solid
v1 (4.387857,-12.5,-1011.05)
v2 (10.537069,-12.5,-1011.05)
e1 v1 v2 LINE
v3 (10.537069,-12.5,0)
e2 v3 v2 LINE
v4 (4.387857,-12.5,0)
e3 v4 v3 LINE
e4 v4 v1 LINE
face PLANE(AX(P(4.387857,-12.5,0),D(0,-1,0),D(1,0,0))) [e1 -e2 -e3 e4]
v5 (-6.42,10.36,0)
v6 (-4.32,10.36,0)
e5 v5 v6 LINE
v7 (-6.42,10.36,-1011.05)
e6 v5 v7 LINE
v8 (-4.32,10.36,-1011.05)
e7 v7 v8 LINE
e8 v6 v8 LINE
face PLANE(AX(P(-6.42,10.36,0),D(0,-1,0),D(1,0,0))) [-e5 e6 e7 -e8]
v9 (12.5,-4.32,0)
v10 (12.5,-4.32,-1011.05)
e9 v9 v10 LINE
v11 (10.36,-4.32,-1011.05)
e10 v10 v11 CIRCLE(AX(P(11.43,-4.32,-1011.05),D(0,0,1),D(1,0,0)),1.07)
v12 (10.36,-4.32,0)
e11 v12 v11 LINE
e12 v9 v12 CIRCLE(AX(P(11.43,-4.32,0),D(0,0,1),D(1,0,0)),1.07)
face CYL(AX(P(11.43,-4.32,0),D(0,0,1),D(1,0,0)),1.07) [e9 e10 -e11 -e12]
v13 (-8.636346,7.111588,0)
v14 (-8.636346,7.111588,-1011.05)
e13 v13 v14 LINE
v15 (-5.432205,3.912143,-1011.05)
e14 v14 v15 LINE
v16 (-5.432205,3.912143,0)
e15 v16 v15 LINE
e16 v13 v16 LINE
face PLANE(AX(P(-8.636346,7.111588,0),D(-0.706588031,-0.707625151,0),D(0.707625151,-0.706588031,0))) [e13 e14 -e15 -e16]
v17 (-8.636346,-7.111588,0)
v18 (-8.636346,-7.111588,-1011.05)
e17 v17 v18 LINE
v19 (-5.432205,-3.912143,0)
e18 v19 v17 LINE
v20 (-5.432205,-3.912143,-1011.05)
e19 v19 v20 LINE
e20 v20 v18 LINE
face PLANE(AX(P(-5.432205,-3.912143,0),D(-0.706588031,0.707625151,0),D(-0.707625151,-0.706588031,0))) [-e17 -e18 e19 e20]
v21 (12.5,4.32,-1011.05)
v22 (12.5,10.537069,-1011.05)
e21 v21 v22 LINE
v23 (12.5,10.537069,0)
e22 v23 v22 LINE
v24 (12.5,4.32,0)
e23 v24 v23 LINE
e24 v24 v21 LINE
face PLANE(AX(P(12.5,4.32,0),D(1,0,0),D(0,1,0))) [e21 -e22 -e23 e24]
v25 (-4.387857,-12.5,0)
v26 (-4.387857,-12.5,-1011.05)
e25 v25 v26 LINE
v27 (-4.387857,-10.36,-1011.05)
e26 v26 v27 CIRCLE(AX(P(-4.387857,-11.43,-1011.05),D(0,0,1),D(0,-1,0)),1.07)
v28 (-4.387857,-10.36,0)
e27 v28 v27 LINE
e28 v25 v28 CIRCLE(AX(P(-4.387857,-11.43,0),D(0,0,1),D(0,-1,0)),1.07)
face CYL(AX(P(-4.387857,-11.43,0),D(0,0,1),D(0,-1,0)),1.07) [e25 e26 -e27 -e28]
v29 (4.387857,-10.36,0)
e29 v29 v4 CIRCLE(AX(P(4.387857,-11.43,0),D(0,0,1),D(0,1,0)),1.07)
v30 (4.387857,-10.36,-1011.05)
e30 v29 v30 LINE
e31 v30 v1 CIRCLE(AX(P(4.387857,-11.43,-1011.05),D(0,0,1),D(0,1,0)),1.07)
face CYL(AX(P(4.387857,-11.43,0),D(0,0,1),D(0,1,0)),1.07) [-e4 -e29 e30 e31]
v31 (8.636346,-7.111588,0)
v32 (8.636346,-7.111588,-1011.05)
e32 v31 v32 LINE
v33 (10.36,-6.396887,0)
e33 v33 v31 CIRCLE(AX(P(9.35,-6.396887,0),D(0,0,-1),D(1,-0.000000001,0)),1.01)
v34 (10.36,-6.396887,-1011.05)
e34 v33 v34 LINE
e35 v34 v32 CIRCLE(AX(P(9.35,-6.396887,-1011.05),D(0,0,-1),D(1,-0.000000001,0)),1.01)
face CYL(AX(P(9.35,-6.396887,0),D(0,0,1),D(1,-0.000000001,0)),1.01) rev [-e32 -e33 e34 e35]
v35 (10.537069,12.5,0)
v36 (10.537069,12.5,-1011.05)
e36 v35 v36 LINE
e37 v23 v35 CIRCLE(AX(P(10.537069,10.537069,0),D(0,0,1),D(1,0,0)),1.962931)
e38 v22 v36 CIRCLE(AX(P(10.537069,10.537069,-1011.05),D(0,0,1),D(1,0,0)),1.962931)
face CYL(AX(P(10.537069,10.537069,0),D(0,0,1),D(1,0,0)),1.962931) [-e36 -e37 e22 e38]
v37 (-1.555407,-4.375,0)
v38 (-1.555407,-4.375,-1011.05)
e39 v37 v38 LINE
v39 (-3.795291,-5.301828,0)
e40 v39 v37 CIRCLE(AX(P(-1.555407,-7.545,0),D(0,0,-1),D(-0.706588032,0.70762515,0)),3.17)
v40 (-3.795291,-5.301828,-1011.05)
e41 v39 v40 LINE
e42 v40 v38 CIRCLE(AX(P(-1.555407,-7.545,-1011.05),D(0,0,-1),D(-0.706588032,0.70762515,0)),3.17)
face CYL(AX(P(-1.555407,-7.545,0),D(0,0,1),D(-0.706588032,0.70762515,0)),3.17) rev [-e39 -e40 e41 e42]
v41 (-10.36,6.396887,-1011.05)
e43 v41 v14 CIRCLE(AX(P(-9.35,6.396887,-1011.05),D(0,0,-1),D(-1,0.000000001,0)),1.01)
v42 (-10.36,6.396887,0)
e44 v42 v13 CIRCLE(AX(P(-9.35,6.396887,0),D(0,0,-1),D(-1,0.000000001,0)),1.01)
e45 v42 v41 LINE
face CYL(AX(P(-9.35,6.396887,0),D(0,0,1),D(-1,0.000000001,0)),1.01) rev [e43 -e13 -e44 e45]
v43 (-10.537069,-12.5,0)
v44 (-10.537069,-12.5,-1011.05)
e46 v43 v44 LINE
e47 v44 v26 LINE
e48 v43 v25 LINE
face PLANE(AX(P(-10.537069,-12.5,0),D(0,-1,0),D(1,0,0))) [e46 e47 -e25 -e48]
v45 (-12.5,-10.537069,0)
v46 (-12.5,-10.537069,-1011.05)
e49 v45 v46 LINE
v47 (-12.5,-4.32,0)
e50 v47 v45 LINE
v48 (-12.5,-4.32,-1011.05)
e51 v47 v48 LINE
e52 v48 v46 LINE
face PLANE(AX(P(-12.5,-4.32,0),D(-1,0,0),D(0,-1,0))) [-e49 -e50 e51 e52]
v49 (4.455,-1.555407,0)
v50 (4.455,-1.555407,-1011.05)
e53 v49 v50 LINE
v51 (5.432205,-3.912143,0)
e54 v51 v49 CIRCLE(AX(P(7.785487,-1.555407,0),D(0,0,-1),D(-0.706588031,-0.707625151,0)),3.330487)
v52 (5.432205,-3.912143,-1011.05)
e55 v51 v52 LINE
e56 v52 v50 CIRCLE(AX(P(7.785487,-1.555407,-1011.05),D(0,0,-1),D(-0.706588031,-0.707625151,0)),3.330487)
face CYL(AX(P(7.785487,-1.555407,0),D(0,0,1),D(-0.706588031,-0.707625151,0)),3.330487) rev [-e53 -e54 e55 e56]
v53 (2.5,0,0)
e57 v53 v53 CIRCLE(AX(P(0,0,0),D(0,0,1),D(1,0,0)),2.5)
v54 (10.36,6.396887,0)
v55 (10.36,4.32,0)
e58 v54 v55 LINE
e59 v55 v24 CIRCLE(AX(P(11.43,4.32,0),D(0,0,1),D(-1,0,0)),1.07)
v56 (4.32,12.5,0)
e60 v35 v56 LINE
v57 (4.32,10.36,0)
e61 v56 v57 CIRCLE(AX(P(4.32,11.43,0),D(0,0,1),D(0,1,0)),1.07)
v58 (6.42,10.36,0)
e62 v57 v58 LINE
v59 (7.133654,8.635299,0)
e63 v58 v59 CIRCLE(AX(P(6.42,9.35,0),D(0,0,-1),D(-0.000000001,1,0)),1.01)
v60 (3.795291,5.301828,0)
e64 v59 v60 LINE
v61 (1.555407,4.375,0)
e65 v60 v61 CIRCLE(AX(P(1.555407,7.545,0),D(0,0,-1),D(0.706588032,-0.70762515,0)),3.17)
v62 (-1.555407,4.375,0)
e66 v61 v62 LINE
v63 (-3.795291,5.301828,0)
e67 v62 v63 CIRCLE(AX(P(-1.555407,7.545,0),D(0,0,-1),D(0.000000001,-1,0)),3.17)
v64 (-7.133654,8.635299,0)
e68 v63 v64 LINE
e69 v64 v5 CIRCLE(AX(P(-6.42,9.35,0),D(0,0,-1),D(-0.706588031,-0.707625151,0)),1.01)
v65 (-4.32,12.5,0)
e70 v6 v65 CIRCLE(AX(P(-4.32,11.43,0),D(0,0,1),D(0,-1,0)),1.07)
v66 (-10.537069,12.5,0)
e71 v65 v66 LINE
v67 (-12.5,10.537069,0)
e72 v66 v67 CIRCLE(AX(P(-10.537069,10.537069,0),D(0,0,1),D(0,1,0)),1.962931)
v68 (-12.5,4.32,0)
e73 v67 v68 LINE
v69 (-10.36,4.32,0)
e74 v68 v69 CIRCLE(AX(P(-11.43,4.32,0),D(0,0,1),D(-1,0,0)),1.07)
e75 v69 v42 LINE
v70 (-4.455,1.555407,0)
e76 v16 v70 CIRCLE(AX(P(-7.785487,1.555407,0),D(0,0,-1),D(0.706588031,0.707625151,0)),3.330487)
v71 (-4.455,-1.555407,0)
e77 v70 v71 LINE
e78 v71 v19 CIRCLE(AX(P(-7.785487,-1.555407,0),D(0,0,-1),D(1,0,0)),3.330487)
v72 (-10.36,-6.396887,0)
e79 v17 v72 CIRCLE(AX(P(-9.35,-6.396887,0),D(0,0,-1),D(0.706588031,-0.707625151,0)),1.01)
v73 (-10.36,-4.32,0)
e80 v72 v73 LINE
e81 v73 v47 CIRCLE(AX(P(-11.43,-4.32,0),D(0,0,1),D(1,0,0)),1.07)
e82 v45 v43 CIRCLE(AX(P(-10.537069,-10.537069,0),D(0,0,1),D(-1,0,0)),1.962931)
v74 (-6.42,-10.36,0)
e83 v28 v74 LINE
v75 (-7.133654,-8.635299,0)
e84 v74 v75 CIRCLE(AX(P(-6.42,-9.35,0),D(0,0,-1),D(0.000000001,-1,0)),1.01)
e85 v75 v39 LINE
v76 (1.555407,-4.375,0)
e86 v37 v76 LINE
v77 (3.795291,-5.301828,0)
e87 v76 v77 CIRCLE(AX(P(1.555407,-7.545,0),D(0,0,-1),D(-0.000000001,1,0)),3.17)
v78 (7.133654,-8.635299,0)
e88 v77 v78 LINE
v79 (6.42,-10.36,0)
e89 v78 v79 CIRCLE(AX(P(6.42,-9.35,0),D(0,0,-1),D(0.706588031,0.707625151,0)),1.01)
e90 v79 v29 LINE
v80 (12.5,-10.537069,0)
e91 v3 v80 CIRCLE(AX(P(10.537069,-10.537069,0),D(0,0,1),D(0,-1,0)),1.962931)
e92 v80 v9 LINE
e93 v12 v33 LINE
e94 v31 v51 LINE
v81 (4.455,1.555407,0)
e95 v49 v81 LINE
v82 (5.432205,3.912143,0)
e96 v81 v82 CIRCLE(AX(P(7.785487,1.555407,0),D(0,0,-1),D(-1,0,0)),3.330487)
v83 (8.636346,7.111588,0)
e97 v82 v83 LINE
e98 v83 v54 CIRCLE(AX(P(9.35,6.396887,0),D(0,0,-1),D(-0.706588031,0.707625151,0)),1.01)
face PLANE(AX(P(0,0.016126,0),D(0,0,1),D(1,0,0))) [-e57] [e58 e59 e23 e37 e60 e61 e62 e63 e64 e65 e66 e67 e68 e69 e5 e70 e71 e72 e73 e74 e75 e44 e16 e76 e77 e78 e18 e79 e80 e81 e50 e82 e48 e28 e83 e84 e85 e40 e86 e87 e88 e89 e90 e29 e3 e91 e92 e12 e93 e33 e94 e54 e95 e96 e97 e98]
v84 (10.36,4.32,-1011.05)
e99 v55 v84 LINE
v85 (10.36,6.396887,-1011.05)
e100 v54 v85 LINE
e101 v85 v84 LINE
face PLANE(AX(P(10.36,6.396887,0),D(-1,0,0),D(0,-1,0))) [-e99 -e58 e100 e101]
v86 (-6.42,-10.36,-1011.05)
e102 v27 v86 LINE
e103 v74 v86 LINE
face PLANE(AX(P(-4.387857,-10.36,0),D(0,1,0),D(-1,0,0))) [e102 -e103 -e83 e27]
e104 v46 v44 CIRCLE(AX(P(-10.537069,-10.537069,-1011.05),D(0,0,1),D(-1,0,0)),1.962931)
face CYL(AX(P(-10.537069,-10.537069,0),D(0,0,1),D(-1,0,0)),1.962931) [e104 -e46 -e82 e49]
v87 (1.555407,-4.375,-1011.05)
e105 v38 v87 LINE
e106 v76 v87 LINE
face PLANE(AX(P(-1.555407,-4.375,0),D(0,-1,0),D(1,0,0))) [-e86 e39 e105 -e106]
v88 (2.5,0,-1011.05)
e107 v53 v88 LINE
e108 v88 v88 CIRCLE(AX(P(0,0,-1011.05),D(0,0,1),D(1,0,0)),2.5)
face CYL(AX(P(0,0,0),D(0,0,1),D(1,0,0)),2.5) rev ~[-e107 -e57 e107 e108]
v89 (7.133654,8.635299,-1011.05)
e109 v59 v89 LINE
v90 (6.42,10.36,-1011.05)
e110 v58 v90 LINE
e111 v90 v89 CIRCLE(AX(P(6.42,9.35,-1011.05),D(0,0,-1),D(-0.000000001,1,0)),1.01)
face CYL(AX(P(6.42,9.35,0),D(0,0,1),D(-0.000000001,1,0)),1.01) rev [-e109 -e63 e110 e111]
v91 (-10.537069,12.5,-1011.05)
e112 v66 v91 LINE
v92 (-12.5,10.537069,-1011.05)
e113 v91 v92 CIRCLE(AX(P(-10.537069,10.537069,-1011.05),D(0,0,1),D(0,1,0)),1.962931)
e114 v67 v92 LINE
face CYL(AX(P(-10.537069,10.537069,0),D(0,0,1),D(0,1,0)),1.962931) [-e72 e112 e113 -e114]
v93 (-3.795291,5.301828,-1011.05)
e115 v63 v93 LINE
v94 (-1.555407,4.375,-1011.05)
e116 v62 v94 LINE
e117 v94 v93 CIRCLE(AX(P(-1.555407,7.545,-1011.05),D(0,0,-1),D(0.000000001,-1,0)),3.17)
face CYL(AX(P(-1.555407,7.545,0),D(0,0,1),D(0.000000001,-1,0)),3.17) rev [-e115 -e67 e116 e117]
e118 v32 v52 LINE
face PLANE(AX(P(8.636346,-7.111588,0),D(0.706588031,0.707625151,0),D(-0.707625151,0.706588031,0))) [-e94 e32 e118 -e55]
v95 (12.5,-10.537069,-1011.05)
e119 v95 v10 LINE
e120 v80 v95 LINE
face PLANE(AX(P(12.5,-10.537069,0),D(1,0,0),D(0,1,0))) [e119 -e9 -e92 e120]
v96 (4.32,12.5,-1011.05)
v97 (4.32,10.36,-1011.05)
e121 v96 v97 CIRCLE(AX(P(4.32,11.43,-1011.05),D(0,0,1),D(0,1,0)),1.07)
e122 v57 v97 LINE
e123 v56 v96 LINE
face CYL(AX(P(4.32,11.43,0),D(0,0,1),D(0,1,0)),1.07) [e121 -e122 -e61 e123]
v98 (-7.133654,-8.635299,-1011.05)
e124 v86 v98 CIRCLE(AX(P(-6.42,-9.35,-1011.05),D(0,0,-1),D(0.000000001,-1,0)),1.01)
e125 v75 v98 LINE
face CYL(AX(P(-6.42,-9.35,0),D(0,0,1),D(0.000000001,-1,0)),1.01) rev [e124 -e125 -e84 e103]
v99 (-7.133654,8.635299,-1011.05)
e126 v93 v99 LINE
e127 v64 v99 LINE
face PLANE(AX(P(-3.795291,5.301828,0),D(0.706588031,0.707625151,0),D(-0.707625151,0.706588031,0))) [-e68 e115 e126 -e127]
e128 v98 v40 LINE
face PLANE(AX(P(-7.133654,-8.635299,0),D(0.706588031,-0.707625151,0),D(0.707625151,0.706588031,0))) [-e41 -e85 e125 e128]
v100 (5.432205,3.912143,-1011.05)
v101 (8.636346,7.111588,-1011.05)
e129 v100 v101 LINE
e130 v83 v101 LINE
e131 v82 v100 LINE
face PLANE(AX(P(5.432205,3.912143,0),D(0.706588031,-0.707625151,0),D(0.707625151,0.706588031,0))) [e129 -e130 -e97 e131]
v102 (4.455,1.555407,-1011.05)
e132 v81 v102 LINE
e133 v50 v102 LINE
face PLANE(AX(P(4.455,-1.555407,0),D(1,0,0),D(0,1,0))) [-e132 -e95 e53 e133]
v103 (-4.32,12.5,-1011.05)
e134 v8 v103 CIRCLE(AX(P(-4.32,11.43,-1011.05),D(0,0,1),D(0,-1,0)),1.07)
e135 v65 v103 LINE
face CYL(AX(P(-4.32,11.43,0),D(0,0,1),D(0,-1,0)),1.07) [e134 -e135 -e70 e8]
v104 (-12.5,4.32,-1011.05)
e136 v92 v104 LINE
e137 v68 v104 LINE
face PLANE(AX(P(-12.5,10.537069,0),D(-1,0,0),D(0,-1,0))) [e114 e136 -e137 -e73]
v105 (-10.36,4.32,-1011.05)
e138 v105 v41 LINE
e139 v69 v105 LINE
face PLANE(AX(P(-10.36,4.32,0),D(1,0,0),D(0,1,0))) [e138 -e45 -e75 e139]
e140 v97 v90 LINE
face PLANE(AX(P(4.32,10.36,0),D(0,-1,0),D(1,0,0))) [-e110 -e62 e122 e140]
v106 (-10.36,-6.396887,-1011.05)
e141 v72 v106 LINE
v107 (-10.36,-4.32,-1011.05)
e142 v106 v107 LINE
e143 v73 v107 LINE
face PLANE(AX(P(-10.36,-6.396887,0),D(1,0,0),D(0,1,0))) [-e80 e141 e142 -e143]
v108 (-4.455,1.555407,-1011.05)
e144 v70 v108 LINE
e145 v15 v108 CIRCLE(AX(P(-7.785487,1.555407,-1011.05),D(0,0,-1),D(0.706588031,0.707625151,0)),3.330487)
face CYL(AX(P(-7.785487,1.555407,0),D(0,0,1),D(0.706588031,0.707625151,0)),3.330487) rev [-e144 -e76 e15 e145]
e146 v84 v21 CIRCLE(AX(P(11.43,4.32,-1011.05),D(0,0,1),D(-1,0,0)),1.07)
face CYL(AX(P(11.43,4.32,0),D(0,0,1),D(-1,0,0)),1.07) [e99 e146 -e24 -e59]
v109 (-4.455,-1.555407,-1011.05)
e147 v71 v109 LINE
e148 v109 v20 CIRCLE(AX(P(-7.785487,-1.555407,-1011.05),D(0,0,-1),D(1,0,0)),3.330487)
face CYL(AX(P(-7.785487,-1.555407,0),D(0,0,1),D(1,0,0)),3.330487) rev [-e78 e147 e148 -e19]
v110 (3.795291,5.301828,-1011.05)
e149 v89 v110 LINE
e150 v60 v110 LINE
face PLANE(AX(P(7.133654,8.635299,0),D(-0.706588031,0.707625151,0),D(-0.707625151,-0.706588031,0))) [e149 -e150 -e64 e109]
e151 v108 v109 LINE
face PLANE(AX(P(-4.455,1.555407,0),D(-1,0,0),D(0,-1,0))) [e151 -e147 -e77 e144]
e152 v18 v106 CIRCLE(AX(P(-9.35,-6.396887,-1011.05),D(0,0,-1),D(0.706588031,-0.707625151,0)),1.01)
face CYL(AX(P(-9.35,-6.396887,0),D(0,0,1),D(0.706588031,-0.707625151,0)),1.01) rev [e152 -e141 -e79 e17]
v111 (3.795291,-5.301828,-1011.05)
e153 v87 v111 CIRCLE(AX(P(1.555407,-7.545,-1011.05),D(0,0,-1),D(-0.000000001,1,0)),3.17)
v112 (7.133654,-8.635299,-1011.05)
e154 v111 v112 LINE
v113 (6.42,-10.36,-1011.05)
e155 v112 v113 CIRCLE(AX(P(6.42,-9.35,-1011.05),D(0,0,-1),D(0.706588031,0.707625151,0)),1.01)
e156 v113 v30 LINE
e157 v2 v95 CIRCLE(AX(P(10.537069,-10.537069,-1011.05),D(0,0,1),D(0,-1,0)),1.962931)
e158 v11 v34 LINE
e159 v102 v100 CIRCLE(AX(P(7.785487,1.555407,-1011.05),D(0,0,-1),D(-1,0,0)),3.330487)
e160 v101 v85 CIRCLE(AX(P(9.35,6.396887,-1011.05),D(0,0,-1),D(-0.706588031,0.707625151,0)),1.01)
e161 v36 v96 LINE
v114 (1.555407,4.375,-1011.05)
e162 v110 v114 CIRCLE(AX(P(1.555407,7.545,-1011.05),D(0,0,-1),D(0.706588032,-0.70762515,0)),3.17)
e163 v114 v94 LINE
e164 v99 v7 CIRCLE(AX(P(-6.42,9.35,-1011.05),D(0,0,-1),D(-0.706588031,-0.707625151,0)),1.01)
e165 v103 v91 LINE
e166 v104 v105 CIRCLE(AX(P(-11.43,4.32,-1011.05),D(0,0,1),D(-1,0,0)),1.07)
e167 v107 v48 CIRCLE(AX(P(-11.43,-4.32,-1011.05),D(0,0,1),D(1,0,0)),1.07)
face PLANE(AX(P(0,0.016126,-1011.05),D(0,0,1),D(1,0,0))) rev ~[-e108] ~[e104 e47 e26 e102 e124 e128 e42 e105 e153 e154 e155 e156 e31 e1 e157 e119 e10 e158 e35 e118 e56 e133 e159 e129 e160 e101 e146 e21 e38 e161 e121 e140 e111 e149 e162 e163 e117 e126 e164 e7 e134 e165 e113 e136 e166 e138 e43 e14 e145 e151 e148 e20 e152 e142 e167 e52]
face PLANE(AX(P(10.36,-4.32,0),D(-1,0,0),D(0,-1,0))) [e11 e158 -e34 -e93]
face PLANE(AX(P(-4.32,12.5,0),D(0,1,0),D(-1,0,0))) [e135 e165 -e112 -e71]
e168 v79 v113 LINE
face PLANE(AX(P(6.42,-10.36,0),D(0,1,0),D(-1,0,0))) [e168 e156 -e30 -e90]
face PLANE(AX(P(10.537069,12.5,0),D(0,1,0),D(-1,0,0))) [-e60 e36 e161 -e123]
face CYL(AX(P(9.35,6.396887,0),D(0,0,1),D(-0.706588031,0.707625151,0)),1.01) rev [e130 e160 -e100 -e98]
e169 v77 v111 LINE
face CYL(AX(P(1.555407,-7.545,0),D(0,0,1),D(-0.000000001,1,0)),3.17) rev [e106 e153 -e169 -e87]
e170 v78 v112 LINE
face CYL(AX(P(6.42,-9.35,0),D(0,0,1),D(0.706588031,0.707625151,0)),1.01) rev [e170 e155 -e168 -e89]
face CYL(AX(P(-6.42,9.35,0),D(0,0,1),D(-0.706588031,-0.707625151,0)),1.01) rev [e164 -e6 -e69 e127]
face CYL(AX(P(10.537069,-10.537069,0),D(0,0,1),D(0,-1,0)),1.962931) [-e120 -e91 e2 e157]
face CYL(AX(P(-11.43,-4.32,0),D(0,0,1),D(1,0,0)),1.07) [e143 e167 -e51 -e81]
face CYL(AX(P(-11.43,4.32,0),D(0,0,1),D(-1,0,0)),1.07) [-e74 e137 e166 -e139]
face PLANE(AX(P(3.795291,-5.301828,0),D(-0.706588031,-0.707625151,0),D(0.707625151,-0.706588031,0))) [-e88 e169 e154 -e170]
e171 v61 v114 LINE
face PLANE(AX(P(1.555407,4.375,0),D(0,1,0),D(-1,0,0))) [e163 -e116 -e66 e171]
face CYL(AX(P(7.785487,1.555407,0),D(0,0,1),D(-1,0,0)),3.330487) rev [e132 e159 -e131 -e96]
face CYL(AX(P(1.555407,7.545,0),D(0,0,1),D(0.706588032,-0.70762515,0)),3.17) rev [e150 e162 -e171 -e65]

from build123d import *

# Parameters (mm, degrees)
SKETCH1_R      = 2.5
EXTRUDE1_DEPTH = 1011.05


with BuildPart() as part:
    # Sketch1 → Extrude1 (new body)
    with BuildSketch(Plane.XY):
        with BuildLine():
            Line((-8.636346088, 7.111588351), (-5.432204773, 3.912143135))
            ThreePointArc((-5.432204773, 3.912143135), (-4.708985779, 2.831057106), (-4.455, 1.555406707))
            Line((-4.455, 1.555406707), (-4.455, -1.555406707))
            ThreePointArc((-4.455, -1.555406707), (-4.708985779, -2.831057106), (-5.432204773, -3.912143135))
            Line((-5.432204773, -3.912143135), (-8.636346088, -7.111588351))
            ThreePointArc((-8.636346088, -7.111588351), (-9.736852394, -7.329863489), (-10.36, -6.396886949))
            Line((-10.36, -6.396886949), (-10.36, -4.32))
            ThreePointArc((-10.36, -4.32), (-11.43, -3.25), (-12.5, -4.32))
            Line((-12.5, -4.32), (-12.5, -8.651801989))
            Line((-12.5, -8.651801989), (-12.5, -10.537068835))
            ThreePointArc((-12.5, -10.537068835), (-11.925070773, -11.925070773), (-10.537068835, -12.5))
            Line((-10.537068835, -12.5), (-8.441567612, -12.5))
            Line((-8.441567612, -12.5), (-4.387856959, -12.5))
            ThreePointArc((-4.387856959, -12.5), (-3.317856959, -11.43), (-4.387856959, -10.36))
            Line((-4.387856959, -10.36), (-6.42, -10.36))
            ThreePointArc((-6.42, -10.36), (-7.35325999, -9.736168088), (-7.133653912, -8.635298598))
            Line((-7.133653912, -8.635298598), (-3.795290766, -5.301828272))
            ThreePointArc((-3.795290766, -5.301828272), (-2.76743922, -4.61585726), (-1.555406707, -4.375))
            Line((-1.555406707, -4.375), (1.555406707, -4.375))
            ThreePointArc((1.555406707, -4.375), (2.76743922, -4.61585726), (3.795290766, -5.301828272))
            Line((3.795290766, -5.301828272), (7.133653912, -8.635298598))
            ThreePointArc((7.133653912, -8.635298598), (7.35325999, -9.736168088), (6.42, -10.36))
            Line((6.42, -10.36), (4.387856959, -10.36))
            ThreePointArc((4.387856959, -10.36), (3.317856959, -11.43), (4.387856959, -12.5))
            Line((4.387856959, -12.5), (8.441567612, -12.5))
            Line((8.441567612, -12.5), (10.537068835, -12.5))
            ThreePointArc((10.537068835, -12.5), (11.925070773, -11.925070773), (12.5, -10.537068835))
            Line((12.5, -10.537068835), (12.5, -8.651801989))
            Line((12.5, -8.651801989), (12.5, -4.32))
            ThreePointArc((12.5, -4.32), (11.43, -3.25), (10.36, -4.32))
            Line((10.36, -4.32), (10.36, -6.396886949))
            ThreePointArc((10.36, -6.396886949), (9.736852394, -7.329863489), (8.636346088, -7.111588351))
            Line((8.636346088, -7.111588351), (5.432204773, -3.912143135))
            ThreePointArc((5.432204773, -3.912143135), (4.708985779, -2.831057106), (4.455, -1.555406707))
            Line((4.455, -1.555406707), (4.455, 1.555406707))
            ThreePointArc((4.455, 1.555406707), (4.708985779, 2.831057106), (5.432204773, 3.912143135))
            Line((5.432204773, 3.912143135), (8.636346088, 7.111588351))
            ThreePointArc((8.636346088, 7.111588351), (9.736852394, 7.329863489), (10.36, 6.396886949))
            Line((10.36, 6.396886949), (10.36, 4.32))
            ThreePointArc((10.36, 4.32), (11.43, 3.25), (12.5, 4.32))
            Line((12.5, 4.32), (12.5, 7.99129648))
            Line((12.5, 7.99129648), (12.5, 10.537068835))
            ThreePointArc((12.5, 10.537068835), (11.925070773, 11.925070773), (10.537068835, 12.5))
            Line((10.537068835, 12.5), (4.32, 12.5))
            ThreePointArc((4.32, 12.5), (3.25, 11.43), (4.32, 10.36))
            Line((4.32, 10.36), (6.42, 10.36))
            ThreePointArc((6.42, 10.36), (7.35325999, 9.736168088), (7.133653912, 8.635298598))
            Line((7.133653912, 8.635298598), (3.795290766, 5.301828272))
            ThreePointArc((3.795290766, 5.301828272), (2.76743922, 4.61585726), (1.555406707, 4.375))
            Line((1.555406707, 4.375), (-1.555406707, 4.375))
            ThreePointArc((-1.555406707, 4.375), (-2.76743922, 4.61585726), (-3.795290766, 5.301828272))
            Line((-3.795290766, 5.301828272), (-7.133653912, 8.635298598))
            ThreePointArc((-7.133653912, 8.635298598), (-7.35325999, 9.736168088), (-6.42, 10.36))
            Line((-6.42, 10.36), (-4.32, 10.36))
            ThreePointArc((-4.32, 10.36), (-3.25, 11.43), (-4.32, 12.5))
            Line((-4.32, 12.5), (-10.537068835, 12.5))
            ThreePointArc((-10.537068835, 12.5), (-11.925070773, 11.925070773), (-12.5, 10.537068835))
            Line((-12.5, 10.537068835), (-12.5, 7.99129648))
            Line((-12.5, 7.99129648), (-12.5, 4.32))
            ThreePointArc((-12.5, 4.32), (-11.43, 3.25), (-10.36, 4.32))
            Line((-10.36, 4.32), (-10.36, 6.396886949))
            ThreePointArc((-10.36, 6.396886949), (-9.736852394, 7.329863489), (-8.636346088, 7.111588351))
        make_face()
        Circle(SKETCH1_R, mode=Mode.SUBTRACT)
    extrude(amount=-EXTRUDE1_DEPTH)


solid = part.part
